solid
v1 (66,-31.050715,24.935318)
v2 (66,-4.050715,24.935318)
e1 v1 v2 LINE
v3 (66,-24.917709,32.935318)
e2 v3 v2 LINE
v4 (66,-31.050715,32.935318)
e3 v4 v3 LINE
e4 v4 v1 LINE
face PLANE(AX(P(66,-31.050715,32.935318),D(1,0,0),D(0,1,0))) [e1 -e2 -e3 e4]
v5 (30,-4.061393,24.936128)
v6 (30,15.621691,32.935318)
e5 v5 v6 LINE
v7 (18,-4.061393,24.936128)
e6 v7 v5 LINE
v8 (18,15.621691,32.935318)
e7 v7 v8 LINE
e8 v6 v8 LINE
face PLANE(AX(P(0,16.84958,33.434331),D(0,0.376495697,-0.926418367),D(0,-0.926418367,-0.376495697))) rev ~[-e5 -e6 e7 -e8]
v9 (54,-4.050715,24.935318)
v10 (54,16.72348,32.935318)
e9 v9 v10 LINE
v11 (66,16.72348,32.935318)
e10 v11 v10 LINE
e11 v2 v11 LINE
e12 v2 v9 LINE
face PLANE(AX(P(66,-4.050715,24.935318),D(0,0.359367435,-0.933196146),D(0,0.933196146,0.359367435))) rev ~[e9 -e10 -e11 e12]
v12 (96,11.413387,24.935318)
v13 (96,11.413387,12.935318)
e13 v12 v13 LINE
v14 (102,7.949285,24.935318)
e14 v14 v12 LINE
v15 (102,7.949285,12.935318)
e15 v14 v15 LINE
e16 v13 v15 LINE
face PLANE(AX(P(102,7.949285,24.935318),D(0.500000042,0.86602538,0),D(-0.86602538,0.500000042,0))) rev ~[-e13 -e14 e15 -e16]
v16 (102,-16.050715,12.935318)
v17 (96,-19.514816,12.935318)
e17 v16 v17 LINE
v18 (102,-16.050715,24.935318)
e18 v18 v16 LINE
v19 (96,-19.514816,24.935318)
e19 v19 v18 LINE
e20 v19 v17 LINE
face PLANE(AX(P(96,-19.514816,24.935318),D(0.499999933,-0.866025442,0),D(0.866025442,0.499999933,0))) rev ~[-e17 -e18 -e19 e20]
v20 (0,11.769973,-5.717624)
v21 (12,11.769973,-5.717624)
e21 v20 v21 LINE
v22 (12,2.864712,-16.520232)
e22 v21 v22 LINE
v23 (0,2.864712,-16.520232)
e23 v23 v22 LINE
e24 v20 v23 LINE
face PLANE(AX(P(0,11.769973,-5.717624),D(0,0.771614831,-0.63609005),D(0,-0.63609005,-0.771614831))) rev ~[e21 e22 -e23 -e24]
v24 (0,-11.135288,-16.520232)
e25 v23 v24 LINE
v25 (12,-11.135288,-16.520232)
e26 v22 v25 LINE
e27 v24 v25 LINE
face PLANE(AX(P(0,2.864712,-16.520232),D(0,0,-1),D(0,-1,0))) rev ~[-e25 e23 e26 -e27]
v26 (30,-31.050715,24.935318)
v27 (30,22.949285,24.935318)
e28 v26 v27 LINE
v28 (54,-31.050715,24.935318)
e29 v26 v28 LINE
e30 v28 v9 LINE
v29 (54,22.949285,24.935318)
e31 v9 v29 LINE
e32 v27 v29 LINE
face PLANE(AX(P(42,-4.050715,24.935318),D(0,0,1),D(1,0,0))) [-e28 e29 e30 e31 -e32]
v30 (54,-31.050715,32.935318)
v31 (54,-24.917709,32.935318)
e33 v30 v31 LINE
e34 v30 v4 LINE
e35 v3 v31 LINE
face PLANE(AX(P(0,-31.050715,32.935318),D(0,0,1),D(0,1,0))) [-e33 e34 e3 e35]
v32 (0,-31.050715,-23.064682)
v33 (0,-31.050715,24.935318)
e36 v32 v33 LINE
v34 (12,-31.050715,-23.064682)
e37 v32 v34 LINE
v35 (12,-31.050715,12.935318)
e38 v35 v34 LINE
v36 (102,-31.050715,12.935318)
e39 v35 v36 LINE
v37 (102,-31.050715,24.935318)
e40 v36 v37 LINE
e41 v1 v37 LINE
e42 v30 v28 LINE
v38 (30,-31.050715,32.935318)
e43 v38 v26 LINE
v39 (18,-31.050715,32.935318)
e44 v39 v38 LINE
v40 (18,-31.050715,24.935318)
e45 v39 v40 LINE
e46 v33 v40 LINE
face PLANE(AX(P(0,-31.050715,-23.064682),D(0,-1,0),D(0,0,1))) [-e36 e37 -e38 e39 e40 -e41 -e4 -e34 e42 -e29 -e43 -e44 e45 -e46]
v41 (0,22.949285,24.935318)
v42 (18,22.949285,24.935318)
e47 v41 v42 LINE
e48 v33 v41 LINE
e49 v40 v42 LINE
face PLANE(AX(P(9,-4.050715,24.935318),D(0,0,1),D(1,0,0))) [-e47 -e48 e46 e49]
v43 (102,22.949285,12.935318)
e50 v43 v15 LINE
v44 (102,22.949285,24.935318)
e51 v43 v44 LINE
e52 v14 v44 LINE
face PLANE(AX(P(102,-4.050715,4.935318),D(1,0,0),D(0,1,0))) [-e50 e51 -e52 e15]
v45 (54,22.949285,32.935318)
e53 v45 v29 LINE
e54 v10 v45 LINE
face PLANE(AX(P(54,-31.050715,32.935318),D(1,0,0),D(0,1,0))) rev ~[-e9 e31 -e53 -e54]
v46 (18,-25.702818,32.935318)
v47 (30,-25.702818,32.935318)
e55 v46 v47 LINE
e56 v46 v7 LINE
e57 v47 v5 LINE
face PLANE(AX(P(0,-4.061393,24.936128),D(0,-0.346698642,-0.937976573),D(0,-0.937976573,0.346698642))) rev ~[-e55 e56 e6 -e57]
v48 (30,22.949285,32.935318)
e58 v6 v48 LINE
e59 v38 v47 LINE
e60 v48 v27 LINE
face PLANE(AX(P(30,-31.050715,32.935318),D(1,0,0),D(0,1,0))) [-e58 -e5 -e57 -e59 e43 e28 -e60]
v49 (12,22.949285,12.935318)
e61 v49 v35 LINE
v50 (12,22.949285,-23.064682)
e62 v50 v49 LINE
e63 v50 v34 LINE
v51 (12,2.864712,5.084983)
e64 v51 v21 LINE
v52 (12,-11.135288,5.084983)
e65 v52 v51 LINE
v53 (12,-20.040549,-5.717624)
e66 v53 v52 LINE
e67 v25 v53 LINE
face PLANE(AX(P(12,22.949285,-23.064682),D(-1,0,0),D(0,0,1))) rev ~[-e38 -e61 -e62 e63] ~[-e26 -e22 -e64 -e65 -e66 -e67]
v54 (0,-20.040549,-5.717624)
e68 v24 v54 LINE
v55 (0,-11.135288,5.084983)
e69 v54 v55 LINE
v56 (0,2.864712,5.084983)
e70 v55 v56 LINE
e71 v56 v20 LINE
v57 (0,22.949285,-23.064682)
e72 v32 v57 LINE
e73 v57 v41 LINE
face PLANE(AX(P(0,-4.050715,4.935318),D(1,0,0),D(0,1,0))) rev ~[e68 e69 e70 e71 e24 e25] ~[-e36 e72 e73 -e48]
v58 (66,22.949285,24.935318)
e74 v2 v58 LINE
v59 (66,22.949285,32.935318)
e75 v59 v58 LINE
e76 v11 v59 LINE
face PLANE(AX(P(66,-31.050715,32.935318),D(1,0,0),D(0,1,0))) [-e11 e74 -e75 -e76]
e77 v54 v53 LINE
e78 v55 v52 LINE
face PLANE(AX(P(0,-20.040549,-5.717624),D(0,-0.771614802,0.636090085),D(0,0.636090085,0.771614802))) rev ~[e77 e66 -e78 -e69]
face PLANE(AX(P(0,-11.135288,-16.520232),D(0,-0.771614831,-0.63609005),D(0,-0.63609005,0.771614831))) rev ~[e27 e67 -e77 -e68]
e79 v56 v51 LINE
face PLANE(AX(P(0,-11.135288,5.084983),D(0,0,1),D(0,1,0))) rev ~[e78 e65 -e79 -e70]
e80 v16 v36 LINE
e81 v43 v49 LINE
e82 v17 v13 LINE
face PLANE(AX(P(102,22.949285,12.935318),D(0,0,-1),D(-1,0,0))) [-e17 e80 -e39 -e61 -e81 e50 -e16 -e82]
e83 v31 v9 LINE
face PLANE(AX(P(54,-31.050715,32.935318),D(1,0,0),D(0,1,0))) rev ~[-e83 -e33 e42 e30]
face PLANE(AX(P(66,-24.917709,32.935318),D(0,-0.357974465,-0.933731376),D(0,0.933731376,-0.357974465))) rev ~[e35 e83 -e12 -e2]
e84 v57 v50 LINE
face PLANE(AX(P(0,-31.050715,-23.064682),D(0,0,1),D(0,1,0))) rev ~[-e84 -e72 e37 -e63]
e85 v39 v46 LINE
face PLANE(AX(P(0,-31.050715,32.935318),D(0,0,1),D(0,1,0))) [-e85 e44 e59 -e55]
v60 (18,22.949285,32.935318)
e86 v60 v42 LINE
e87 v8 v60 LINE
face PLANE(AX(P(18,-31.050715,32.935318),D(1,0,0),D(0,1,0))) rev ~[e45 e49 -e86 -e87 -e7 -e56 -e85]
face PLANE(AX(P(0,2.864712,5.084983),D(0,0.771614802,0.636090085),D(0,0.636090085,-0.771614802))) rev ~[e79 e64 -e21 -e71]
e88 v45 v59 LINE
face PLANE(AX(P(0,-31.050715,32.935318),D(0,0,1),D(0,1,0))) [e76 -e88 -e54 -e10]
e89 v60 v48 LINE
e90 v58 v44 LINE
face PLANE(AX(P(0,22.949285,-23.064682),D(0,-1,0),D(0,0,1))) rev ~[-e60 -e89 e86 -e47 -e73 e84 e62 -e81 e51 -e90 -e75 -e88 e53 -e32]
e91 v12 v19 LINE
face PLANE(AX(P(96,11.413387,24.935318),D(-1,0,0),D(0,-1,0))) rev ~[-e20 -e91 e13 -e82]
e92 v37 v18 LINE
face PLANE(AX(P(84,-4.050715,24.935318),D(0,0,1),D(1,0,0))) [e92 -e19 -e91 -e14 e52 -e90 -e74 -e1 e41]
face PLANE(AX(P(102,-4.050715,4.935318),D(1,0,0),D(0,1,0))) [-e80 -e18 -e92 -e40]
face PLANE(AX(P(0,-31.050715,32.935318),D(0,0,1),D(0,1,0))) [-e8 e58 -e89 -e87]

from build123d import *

# Parameters (mm, degrees)
F0_W      = 54
F0_H      = 56
F1_DEPTH  = 102
F2_W      = 90
F2_H      = 36
F3_DEPTH  = 59.1
F6_DEPTH  = 25
F7_W      = 18
F7_H      = 54
F8_DEPTH  = 8
F9_W      = 24
F9_H      = 54
F10_DEPTH = 8
F11_W     = 36
F11_H     = 54
F12_DEPTH = 8
F14_DEPTH = 12
F16_DEPTH = 25
F18_DEPTH = 42.4
F20_DEPTH = 25


with BuildPart() as f1:
    # F0 (on Right) → F1 (new body)
    with BuildSketch(Plane.YZ):
        with Locations((-4.050715, 4.935318)):
            Rectangle(F0_W, F0_H)
    extrude(amount=F1_DEPTH)

    # F2 (on face) → F3 (cut)
    with BuildSketch(Plane(origin=(0, 22.949285, 0), x_dir=(-1, 0, 0), z_dir=(0, 1, 0))):
        with Locations((-57, -5.064682)):
            Rectangle(F2_W, F2_H)
    extrude(amount=-F3_DEPTH, mode=Mode.SUBTRACT)

    # F5 (on face) → F6 (cut)
    with BuildSketch(Plane(origin=(0, 0, 0), x_dir=(0, -1, 0), z_dir=(-1, 0, 0))):
        Polygon((-2.864712, -16.520232), (11.135288, -16.520232), (20.040549, -5.717624), (11.135288, 5.084983), (-2.864712, 5.084983), (-11.769973, -5.717624), align=None)
    extrude(amount=-F6_DEPTH, mode=Mode.SUBTRACT)

    # F7 (on face) → F8 (cut)
    with BuildSketch(Plane.XY.offset(32.935318)):
        with Locations((9, -4.050715)):
            Rectangle(F7_W, F7_H)
    extrude(amount=-F8_DEPTH, mode=Mode.SUBTRACT)

    # F9 (on face) → F10 (cut)
    with BuildSketch(Plane.XY.offset(32.935318)):
        with Locations((42, -4.050715)):
            Rectangle(F9_W, F9_H)
    extrude(amount=-F10_DEPTH, mode=Mode.SUBTRACT)

    # F11 (on face) → F12 (cut)
    with BuildSketch(Plane.XY.offset(32.935318)):
        with Locations((84, -4.050715)):
            Rectangle(F11_W, F11_H)
    extrude(amount=-F12_DEPTH, mode=Mode.SUBTRACT)

    # F13 (on face) → F14 (cut)
    with BuildSketch(Plane.YZ.offset(66)):
        Polygon((16.72348, 32.935318), (-4.050715, 32.935318), (-4.050715, 24.935318), align=None)
    extrude(amount=-F14_DEPTH, mode=Mode.SUBTRACT)

    # F15 (on face) → F16 (cut)
    with BuildSketch(Plane.YZ.offset(66)):
        Polygon((-4.050715, 32.935318), (-24.917709, 32.935318), (-4.050715, 24.935318), align=None)
    extrude(amount=-F16_DEPTH, mode=Mode.SUBTRACT)

    # F17 (on face) → F18 (cut)
    with BuildSketch(Plane(origin=(0, 0, 0), x_dir=(0, -1, 0), z_dir=(-1, 0, 0))):
        Polygon((26.28649, 33.151057), (-16.84958, 33.434331), (4.061393, 24.936128), align=None)
    extrude(amount=-F18_DEPTH, mode=Mode.SUBTRACT)

    # F19 (on face) → F20 (cut)
    with BuildSketch(Plane.XY.offset(24.935318)):
        Polygon((96, -19.514816), (102, -16.050715), (102, 7.949285), (96, 11.413387), align=None)
    extrude(amount=-F20_DEPTH, mode=Mode.SUBTRACT)


solid = f1.part
